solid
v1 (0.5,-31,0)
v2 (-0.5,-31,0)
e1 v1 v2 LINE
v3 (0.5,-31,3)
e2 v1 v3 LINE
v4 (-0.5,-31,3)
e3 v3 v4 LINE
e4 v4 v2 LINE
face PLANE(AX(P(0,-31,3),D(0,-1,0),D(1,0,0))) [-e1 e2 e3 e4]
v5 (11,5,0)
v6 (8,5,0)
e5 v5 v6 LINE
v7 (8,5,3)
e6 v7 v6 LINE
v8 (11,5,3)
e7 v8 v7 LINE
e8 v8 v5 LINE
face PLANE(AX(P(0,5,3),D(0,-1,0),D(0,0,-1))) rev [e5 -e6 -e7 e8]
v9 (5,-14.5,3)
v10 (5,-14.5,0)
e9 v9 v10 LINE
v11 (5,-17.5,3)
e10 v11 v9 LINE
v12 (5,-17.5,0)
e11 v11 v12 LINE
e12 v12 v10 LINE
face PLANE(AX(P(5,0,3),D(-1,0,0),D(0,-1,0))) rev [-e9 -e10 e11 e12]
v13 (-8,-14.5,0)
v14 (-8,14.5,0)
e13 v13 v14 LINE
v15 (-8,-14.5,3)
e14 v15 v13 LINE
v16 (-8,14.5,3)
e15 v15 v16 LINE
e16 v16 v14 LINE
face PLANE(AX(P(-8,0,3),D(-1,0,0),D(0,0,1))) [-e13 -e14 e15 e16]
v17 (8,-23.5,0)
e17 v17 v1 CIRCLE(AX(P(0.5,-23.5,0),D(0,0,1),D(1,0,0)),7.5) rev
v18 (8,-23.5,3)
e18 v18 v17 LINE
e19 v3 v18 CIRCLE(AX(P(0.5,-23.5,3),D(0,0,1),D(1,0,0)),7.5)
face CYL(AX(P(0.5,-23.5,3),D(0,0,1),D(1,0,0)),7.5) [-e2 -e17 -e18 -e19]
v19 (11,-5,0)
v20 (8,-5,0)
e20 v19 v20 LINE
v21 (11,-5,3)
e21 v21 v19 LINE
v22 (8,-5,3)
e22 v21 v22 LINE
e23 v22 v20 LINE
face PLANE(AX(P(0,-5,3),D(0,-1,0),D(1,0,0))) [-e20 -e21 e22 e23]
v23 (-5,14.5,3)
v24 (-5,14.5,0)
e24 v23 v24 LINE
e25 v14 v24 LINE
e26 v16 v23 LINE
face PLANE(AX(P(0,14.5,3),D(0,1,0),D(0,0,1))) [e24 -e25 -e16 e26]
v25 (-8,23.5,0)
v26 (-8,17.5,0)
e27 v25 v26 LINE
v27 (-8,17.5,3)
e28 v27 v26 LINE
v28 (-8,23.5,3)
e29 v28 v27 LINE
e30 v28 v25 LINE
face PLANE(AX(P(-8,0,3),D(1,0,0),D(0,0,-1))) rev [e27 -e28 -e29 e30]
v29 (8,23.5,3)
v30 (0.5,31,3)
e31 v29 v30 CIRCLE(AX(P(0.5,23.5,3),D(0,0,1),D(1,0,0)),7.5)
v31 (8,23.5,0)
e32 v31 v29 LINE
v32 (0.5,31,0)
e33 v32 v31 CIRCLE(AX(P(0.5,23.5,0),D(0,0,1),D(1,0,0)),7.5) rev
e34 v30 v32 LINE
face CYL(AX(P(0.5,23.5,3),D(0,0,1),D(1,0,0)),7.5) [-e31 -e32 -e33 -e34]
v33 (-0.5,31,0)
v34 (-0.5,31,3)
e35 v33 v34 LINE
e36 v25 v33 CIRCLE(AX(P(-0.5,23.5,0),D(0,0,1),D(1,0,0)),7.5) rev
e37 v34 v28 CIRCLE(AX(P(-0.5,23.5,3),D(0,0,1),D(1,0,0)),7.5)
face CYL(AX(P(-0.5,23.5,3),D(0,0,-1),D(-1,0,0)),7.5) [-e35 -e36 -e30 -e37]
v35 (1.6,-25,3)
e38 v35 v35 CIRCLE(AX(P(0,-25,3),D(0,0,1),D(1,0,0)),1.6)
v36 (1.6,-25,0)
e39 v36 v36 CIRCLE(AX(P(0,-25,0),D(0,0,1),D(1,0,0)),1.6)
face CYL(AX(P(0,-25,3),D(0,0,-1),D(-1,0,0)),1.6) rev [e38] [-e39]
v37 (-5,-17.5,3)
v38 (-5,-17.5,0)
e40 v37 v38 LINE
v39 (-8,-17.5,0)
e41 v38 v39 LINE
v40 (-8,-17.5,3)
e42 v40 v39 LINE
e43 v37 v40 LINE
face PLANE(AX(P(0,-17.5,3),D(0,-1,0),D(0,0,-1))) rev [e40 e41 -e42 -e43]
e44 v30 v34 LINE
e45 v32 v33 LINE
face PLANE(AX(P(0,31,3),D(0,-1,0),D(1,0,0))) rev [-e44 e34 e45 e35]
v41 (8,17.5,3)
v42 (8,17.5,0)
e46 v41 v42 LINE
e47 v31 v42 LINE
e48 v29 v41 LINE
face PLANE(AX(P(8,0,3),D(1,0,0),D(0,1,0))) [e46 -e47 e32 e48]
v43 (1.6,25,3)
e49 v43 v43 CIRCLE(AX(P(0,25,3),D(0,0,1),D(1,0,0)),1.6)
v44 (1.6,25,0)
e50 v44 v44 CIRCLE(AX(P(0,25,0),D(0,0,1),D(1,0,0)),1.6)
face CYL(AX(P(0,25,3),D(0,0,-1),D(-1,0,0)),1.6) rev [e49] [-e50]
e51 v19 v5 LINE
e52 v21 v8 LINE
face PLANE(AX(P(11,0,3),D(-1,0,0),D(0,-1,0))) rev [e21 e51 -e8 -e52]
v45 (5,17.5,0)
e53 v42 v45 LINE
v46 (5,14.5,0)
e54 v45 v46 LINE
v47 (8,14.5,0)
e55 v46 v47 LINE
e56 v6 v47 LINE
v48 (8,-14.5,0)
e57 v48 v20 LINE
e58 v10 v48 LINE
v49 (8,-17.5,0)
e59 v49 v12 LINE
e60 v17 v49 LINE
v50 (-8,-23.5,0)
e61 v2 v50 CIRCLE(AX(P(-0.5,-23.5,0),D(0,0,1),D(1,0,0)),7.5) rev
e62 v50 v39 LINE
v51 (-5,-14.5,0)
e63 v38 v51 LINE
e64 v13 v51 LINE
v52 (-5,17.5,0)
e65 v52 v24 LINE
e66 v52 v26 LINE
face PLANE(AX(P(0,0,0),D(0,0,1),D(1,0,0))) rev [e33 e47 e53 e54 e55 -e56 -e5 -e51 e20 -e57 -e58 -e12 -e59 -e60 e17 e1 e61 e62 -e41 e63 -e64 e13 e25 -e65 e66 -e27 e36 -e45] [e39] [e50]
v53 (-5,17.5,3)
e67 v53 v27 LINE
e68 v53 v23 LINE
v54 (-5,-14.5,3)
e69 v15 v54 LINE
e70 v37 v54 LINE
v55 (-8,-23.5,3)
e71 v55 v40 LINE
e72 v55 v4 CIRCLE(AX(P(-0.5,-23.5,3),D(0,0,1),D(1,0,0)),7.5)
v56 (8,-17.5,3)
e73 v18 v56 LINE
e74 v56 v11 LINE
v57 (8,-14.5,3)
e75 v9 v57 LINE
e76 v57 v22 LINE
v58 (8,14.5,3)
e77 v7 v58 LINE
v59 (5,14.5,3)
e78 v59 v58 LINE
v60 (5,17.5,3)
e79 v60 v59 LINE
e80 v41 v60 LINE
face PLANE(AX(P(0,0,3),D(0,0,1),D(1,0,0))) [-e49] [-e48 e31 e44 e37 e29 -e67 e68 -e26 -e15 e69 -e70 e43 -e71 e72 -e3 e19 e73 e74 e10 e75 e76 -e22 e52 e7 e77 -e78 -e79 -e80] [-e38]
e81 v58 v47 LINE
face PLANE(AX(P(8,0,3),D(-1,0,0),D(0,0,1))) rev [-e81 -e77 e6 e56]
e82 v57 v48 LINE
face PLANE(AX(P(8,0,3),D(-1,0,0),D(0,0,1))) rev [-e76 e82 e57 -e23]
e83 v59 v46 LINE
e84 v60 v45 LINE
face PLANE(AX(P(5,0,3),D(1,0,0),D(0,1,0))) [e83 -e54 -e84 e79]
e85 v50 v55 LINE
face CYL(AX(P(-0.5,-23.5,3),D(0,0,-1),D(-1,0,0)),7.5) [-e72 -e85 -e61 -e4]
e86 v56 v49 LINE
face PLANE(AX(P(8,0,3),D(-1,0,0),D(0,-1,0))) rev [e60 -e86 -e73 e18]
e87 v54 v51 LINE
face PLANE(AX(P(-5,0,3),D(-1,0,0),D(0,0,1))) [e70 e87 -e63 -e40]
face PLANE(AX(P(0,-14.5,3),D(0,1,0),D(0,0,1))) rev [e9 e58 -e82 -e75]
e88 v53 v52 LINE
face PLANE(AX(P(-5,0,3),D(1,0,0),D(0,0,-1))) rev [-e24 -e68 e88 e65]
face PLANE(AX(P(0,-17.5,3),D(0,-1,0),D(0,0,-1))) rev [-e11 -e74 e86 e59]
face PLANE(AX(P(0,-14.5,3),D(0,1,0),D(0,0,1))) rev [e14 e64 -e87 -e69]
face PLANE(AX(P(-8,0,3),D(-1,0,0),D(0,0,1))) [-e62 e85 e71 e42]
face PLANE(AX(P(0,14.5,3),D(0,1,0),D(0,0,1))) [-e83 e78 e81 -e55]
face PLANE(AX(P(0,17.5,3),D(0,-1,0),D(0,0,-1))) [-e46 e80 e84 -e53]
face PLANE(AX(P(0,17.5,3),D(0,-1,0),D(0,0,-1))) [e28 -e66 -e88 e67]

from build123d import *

# Parameters (mm, degrees)
ESBO_O1_R                = 1.6
RESSALTO_EXTRUS_O1_DEPTH = 3
FILETE1_R                = 7.5


with BuildPart() as part:
    # Esboço1 → Ressalto-extrusão1 (new body)
    with BuildSketch(Plane.XY):
        Polygon((-8, 14.5), (-8, -14.5), (-5, -14.5), (-5, -17.5), (-8, -17.5), (-8, -31), (8, -31), (8, -17.5), (5, -17.5), (5, -14.5), (8, -14.5), (8, -5), (11, -5), (11, 5), (8, 5), (8, 14.5), (5, 14.5), (5, 17.5), (8, 17.5), (8, 31), (-8, 31), (-8, 17.5), (-5, 17.5), (-5, 14.5), align=None)
        with Locations((0, -25)):
            Circle(ESBO_O1_R, mode=Mode.SUBTRACT)
        with Locations((0, 25)):
            Circle(ESBO_O1_R, mode=Mode.SUBTRACT)
    extrude(amount=RESSALTO_EXTRUS_O1_DEPTH)

    # Filete1
    filete1_edges = [part.edges().sort_by_distance(p)[0] for p in [
        (-8, 31, 1.5),
        (8, 31, 1.5),
        (8, -31, 1.5),
        (-8, -31, 1.5),
    ]]
    fillet(filete1_edges, radius=FILETE1_R)


solid = part.part
